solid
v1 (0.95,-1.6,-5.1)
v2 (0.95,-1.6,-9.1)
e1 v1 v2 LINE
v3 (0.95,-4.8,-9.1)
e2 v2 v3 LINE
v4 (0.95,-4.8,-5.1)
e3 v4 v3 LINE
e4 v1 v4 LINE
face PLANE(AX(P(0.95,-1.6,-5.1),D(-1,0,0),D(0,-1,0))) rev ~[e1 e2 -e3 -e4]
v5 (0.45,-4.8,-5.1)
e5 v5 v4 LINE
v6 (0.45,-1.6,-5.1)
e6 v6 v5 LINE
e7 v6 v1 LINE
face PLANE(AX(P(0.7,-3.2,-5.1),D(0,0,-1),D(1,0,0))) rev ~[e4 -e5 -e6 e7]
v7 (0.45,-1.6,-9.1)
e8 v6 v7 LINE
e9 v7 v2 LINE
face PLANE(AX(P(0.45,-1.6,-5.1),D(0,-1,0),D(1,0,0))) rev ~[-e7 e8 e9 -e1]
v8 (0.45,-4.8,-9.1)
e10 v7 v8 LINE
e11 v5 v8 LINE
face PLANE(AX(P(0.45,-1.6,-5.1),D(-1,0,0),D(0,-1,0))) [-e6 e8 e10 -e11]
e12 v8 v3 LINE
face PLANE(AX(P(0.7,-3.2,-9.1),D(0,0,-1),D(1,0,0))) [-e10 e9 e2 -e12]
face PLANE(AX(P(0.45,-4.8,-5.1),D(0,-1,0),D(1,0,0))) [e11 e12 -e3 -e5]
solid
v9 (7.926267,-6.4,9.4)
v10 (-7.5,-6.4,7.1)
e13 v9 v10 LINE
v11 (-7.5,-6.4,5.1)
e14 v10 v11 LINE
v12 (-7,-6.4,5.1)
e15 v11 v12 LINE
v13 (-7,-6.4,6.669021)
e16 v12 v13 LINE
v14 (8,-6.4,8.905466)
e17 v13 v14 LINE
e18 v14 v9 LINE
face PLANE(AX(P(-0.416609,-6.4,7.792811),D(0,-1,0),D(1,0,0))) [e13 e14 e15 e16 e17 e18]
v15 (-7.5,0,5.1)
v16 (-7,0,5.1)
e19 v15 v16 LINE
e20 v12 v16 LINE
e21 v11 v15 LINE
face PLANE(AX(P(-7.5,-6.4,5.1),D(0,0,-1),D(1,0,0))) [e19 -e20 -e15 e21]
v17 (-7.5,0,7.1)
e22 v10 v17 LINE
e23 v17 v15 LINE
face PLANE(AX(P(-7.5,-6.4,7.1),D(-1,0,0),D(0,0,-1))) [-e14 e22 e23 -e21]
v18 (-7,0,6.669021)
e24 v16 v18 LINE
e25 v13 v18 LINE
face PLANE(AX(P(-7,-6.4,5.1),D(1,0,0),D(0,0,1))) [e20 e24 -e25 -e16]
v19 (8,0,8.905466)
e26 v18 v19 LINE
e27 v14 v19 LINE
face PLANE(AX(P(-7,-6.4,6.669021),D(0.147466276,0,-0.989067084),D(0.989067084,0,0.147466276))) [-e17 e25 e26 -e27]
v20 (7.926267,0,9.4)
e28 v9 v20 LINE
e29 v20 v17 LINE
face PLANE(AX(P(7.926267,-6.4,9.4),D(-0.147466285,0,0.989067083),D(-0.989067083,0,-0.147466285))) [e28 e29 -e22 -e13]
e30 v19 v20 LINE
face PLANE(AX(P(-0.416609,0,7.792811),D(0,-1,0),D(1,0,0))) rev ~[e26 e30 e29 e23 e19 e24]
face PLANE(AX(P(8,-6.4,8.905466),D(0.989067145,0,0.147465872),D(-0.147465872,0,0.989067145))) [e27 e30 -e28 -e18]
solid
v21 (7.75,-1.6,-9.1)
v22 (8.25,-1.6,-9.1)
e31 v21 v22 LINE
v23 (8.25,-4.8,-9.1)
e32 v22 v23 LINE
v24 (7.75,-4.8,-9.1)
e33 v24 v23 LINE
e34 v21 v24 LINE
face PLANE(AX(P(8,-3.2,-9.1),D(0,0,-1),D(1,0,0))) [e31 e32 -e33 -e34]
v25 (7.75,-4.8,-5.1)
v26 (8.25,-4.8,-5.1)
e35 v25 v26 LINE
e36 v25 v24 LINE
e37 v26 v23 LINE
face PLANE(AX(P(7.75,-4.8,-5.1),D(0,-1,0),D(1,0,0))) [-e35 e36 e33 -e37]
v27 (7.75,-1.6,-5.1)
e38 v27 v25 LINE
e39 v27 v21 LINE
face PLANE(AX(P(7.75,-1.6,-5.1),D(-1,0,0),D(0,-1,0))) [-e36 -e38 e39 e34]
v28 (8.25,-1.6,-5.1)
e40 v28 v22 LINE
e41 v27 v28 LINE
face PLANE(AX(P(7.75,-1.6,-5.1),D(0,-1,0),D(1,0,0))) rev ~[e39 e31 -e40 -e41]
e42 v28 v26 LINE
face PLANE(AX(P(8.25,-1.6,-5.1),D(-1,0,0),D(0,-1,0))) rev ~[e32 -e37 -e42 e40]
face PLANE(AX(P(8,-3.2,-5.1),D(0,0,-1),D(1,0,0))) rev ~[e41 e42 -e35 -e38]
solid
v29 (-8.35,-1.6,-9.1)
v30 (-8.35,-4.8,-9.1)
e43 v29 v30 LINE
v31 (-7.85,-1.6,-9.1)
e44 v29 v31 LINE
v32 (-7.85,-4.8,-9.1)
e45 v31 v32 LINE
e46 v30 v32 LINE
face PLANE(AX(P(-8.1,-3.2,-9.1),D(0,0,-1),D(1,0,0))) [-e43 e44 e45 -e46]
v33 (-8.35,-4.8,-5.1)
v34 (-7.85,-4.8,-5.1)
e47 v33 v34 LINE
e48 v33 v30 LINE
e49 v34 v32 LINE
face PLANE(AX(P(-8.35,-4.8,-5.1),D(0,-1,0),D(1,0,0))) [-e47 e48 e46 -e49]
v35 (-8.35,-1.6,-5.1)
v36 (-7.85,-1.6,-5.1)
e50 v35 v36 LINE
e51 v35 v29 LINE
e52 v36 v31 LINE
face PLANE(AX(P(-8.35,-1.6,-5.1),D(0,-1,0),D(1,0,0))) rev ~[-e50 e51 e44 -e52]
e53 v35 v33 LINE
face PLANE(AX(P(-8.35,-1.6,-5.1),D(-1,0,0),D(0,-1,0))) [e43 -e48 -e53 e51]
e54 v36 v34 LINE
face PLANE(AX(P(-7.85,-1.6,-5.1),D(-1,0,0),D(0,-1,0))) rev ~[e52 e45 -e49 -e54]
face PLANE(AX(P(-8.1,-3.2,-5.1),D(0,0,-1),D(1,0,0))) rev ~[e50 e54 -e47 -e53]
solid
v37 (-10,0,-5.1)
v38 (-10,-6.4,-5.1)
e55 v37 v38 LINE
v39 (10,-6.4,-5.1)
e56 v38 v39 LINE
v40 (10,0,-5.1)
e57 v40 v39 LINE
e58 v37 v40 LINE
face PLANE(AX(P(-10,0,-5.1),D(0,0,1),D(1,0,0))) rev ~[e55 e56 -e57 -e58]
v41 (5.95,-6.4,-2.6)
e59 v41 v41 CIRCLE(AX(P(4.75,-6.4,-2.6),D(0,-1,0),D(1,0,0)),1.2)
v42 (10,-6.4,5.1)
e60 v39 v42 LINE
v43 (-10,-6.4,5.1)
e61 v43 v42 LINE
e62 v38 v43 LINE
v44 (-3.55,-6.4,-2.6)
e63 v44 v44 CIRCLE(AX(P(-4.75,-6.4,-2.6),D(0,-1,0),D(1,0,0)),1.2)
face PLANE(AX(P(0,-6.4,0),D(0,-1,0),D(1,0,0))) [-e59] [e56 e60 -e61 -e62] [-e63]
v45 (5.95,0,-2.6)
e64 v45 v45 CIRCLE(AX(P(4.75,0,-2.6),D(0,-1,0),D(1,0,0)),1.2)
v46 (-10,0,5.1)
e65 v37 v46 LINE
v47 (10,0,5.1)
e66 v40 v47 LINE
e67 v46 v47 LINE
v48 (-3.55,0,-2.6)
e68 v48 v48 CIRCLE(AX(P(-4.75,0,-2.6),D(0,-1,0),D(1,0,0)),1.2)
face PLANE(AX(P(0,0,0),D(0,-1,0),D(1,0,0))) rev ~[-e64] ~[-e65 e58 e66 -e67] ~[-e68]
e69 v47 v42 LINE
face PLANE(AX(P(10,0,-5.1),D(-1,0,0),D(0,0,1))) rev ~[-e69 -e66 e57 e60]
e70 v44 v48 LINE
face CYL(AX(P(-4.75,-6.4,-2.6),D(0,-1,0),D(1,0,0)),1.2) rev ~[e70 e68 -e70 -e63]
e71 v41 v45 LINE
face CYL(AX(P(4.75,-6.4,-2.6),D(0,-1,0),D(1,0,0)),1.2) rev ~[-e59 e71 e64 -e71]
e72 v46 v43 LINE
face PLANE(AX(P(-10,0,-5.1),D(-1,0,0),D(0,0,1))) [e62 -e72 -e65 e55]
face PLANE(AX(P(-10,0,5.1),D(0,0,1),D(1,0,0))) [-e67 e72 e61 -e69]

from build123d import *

# Parameters (mm, degrees)
F0_W     = 20
F0_H     = 10.2
F1_DEPTH = 6.4
F2_R     = 1.2
F3_DEPTH = 25
F5_DEPTH = 6.4
F6_W     = 0.5
F6_H     = 3.2
F7_DEPTH = 4


with BuildPart() as f1:
    # F0 (on Front) → F1 (new body)
    with BuildSketch(Plane.XZ):
        Rectangle(F0_W, F0_H)
    extrude(amount=F1_DEPTH)

    # F2 (on face) → F3 (cut)
    with BuildSketch(Plane.XZ.offset(6.4)):
        with Locations((-4.75, -2.6)):
            Circle(F2_R)
        with Locations((4.75, -2.6)):
            Circle(F2_R)
    extrude(amount=-F3_DEPTH, mode=Mode.SUBTRACT)


with BuildPart() as f5:
    # F4 (on face) → F5 (new body)
    with BuildSketch(Plane.XZ.offset(6.4)):
        Polygon((7.926267, 9.4), (-7.5, 7.1), (-7.5, 5.1), (-7, 5.1), (-7, 6.669021), (8, 8.905466), align=None)
    extrude(amount=-F5_DEPTH)


with BuildPart() as f7:
    # F6 (on face) → F7 (new body)
    with BuildSketch(Plane(origin=(0, 0, -5.1), x_dir=(1, 0, 0), z_dir=(0, 0, -1))):
        with Locations((-8.1, 3.2)):
            Rectangle(F6_W, F6_H)
        with Locations((0.7, 3.2)):
            Rectangle(F6_W, F6_H)
        with Locations((8, 3.2)):
            Rectangle(F6_W, F6_H)
    extrude(amount=F7_DEPTH)


solid = Compound([f1.part, f5.part, f7.part])
